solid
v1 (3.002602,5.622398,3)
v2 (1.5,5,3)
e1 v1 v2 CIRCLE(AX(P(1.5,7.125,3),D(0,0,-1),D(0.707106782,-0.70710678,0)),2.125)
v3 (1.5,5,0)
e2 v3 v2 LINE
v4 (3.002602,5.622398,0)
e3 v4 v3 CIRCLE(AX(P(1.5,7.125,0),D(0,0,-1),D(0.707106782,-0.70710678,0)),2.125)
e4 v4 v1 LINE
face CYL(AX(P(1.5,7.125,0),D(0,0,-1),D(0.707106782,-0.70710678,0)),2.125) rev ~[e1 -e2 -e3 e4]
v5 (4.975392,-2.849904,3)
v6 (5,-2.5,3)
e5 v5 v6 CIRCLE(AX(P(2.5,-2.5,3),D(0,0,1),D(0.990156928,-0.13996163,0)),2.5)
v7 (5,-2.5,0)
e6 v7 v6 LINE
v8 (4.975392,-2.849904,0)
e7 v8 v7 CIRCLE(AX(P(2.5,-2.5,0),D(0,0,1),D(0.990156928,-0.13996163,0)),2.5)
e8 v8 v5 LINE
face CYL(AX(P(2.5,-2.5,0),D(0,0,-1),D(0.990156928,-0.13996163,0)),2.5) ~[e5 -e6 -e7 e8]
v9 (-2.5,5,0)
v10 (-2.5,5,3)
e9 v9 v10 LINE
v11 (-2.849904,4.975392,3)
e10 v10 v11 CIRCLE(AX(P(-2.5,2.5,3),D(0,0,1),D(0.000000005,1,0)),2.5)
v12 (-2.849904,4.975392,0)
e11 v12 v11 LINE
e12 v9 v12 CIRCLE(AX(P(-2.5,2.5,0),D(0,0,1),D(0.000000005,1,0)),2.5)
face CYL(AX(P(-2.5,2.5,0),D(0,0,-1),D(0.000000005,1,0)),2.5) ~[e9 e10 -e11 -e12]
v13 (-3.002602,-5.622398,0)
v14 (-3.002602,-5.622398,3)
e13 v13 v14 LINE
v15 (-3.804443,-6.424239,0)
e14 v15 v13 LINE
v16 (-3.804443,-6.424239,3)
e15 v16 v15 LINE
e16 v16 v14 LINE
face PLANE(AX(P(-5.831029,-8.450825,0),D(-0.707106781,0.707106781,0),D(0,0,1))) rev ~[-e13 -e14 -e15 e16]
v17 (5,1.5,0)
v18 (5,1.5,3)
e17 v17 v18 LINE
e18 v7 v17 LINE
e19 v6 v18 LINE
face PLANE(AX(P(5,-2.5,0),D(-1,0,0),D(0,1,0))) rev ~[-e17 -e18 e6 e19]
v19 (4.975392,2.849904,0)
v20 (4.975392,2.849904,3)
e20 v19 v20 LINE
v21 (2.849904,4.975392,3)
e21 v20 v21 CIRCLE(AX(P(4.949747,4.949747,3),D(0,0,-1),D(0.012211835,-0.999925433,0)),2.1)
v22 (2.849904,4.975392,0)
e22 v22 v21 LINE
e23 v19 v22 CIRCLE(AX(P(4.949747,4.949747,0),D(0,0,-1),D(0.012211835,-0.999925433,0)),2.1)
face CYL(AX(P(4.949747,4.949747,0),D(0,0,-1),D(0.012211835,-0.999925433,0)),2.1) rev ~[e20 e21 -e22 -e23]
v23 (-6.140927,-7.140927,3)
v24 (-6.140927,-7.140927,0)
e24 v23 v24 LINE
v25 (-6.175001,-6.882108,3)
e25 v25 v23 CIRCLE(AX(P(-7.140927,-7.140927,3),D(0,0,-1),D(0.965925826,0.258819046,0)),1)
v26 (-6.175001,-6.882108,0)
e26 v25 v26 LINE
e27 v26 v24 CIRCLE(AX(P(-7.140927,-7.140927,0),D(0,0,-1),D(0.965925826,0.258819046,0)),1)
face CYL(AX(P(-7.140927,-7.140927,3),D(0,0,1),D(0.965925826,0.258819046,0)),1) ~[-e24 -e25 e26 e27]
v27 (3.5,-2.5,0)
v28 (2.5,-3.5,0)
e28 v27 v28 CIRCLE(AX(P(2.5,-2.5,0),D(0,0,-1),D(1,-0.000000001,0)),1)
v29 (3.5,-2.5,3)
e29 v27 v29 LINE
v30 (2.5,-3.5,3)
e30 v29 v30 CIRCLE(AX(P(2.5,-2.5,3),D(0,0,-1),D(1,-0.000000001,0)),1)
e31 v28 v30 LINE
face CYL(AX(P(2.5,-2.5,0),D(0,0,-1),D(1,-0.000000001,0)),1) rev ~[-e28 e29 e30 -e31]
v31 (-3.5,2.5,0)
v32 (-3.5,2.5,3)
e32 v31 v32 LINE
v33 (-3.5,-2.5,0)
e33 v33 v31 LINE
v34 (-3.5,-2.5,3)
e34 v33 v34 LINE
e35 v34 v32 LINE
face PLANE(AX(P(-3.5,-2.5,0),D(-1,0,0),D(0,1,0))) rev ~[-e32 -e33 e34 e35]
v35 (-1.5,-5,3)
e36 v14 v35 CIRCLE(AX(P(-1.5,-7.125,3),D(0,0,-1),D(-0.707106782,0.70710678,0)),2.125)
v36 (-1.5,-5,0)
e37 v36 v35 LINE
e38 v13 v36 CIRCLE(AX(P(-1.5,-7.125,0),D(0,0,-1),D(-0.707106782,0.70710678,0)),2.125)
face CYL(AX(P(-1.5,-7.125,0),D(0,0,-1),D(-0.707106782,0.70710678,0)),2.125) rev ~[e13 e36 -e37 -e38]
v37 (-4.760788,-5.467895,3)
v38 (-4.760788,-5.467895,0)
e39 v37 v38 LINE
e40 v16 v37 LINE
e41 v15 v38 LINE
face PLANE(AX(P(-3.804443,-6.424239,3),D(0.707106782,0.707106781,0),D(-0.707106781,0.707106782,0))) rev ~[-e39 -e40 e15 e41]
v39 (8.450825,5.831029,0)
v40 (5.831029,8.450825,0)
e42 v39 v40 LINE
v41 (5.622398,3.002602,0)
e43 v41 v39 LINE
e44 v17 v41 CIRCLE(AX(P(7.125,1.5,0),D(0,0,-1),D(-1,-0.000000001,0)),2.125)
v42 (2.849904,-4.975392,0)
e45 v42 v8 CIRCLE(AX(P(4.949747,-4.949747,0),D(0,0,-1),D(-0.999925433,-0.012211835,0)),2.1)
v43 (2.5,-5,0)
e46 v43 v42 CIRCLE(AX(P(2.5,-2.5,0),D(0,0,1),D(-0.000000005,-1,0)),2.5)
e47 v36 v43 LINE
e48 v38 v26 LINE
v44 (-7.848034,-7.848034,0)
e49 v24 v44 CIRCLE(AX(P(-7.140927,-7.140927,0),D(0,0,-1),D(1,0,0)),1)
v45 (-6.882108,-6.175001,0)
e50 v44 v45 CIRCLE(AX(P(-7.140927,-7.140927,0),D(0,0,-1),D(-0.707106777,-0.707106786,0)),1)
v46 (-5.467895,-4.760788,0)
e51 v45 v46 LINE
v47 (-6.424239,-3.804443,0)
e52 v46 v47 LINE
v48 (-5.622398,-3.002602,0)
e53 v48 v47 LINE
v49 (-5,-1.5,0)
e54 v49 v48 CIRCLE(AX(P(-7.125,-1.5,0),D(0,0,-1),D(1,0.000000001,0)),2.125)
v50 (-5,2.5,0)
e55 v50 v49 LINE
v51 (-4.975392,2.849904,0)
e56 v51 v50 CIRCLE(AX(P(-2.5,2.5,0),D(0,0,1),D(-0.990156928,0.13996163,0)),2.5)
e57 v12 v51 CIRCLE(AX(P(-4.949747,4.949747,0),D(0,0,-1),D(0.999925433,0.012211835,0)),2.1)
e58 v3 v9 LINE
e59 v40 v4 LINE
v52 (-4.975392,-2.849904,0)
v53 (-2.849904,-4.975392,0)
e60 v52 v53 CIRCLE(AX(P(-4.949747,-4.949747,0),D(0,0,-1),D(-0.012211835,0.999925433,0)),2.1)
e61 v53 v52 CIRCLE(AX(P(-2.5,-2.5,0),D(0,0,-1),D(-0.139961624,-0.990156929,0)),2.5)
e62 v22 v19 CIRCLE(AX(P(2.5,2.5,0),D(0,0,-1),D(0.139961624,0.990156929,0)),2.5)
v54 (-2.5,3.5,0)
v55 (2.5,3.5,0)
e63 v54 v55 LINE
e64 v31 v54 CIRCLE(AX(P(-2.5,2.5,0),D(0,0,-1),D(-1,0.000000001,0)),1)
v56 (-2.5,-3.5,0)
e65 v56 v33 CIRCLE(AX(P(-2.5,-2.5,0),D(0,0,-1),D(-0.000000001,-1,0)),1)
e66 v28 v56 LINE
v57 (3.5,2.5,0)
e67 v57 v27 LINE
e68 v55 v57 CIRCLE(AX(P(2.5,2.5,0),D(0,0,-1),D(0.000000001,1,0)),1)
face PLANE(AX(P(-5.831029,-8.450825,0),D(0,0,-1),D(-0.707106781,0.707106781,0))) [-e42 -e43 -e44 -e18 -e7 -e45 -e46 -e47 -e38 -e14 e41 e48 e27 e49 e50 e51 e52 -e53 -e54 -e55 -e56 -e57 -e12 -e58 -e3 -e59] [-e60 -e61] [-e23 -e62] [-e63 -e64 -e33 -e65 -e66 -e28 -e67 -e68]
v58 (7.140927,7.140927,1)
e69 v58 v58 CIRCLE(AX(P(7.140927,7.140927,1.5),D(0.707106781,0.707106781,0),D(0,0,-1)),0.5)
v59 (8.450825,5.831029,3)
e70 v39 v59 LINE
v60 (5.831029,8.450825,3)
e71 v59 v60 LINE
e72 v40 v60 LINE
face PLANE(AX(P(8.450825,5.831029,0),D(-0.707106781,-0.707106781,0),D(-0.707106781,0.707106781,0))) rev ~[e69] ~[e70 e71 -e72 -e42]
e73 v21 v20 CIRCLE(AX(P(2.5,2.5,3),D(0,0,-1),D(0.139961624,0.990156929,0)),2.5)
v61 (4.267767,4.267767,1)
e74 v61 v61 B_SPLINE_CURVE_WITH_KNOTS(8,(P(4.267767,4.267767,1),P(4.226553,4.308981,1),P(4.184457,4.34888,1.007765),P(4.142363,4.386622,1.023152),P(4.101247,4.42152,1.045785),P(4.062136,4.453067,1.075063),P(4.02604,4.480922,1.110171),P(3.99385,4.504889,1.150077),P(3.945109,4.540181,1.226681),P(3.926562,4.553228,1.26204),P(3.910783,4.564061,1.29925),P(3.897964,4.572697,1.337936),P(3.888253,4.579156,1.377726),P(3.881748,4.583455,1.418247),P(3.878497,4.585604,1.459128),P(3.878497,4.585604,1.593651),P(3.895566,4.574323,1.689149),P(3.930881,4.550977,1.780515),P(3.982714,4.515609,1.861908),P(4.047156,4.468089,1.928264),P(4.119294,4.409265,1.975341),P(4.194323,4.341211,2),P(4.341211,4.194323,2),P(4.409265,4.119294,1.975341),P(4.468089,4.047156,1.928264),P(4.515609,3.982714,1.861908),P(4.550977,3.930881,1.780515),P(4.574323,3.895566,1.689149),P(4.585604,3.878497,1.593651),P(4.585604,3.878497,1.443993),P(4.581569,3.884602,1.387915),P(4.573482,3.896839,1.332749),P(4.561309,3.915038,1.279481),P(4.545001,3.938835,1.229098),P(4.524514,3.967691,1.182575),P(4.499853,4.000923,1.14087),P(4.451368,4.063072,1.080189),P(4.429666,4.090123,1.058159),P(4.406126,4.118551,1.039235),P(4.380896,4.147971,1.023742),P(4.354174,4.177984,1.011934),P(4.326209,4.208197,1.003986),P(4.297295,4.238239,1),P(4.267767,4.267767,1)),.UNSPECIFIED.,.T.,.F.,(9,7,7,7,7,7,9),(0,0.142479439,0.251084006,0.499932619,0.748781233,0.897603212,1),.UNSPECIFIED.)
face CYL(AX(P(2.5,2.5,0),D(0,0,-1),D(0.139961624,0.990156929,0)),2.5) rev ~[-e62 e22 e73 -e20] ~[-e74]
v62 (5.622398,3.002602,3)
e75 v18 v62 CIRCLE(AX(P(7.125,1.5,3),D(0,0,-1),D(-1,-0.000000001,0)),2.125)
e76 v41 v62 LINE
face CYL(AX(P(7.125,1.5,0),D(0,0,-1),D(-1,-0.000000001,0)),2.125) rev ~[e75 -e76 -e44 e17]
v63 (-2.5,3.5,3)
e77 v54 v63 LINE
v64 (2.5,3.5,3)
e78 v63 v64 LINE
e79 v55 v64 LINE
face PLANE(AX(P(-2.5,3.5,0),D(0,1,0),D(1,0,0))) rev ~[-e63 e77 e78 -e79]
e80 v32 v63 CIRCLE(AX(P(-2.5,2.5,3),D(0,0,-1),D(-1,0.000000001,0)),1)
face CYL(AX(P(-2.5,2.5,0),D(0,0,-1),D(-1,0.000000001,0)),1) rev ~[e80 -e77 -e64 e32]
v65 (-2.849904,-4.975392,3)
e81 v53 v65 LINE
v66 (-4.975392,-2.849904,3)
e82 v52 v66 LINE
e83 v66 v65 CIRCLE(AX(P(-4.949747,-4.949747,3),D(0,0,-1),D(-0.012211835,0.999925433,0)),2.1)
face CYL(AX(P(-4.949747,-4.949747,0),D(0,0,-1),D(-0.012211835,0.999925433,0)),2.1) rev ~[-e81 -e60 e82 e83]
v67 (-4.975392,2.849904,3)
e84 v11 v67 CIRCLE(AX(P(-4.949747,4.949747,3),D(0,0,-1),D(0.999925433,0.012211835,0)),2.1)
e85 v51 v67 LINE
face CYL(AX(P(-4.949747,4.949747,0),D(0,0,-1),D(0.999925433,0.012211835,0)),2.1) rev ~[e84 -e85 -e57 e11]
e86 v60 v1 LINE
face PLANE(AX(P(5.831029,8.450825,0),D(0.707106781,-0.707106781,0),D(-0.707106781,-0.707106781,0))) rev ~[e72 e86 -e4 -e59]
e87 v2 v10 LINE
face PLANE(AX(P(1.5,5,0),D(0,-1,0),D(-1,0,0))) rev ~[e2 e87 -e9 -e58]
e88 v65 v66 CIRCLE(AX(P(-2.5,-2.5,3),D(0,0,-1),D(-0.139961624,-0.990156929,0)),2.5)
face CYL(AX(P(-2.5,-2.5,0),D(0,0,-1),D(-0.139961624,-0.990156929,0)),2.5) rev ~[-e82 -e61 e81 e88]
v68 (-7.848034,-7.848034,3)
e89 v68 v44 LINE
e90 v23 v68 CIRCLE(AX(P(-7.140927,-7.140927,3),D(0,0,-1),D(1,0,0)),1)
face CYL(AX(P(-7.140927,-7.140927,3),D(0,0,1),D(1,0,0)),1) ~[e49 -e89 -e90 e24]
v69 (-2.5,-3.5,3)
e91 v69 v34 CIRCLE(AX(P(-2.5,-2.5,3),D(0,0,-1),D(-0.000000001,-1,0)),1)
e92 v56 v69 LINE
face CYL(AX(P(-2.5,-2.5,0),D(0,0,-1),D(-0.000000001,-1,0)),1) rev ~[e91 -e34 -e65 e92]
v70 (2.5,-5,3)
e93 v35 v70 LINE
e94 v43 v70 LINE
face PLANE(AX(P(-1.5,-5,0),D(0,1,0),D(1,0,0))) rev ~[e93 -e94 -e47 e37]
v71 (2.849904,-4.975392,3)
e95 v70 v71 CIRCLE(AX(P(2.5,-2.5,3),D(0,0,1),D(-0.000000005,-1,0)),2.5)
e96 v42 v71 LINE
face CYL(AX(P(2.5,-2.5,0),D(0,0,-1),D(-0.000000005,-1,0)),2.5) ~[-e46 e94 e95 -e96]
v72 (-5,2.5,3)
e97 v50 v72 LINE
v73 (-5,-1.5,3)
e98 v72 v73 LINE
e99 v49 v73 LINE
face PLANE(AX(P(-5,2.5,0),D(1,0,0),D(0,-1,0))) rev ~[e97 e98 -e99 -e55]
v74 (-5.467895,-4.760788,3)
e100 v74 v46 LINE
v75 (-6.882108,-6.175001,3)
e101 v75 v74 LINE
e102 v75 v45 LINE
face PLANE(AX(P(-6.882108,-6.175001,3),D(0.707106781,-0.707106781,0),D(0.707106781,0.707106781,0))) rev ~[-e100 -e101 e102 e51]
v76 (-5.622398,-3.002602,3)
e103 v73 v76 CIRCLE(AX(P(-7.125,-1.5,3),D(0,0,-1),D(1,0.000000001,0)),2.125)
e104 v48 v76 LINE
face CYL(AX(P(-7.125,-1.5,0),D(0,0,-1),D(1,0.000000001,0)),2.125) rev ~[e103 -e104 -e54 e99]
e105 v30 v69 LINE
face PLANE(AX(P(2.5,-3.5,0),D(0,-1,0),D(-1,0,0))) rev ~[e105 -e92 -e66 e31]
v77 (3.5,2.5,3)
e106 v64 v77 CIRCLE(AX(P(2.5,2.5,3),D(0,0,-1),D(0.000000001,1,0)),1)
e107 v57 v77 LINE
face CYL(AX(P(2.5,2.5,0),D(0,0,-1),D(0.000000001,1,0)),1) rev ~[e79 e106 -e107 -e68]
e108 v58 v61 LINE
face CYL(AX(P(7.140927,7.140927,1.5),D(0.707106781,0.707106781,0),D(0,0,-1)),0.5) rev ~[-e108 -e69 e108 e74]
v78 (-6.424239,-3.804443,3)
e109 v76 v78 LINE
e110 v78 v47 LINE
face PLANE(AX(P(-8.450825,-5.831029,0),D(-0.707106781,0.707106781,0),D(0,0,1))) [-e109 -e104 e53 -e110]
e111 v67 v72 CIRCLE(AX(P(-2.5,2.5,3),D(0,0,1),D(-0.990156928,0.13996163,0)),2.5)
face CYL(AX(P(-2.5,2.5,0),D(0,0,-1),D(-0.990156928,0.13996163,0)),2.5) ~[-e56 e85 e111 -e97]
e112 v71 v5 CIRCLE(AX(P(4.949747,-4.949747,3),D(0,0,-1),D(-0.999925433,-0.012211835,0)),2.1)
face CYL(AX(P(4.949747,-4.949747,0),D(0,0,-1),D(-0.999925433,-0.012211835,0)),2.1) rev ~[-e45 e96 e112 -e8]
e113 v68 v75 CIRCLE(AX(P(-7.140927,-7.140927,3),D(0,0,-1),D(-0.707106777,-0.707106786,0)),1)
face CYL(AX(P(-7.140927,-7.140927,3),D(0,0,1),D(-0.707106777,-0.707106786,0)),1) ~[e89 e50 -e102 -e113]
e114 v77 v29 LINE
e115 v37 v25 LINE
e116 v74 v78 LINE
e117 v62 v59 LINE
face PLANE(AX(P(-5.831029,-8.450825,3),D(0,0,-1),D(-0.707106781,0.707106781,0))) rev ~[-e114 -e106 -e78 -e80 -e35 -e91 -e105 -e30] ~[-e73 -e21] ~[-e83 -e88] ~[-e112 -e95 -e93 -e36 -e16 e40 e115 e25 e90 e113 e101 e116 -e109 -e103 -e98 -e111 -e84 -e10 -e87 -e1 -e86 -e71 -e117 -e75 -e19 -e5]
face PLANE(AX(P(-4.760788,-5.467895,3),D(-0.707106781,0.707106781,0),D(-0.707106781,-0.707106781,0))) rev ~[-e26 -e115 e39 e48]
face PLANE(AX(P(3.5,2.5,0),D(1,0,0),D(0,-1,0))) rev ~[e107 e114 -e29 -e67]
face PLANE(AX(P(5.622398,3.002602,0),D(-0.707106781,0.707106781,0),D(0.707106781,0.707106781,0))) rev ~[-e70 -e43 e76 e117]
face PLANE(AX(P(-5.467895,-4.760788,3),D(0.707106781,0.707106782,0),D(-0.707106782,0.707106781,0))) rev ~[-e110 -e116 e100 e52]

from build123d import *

# Parameters (mm, degrees)
EXTRUDE_1_DEPTH     = 3
SKETCH_4_W          = 3
SKETCH_4_H          = 3.704951288
EXTRUDE_3_DEPTH     = 1
CUT_EXTRUDE_2_REACH = 25.05
SKETCH_6_R          = 0.5
CUT_EXTRUDE_1_DEPTH = 3


with BuildPart() as part:
    # 草图1 → 凸台-拉伸1 (new body)
    with BuildSketch(Plane.XY):
        with BuildLine():
            ThreePointArc((-4.975392322, 2.84990406), (-4.993840493, 2.675384142), (-5, 2.5))
            Line((-5, 2.5), (-5, -1.5))
            Line((-5, -1.5), (-5, -2.5))
            ThreePointArc((-5, -2.5), (-4.993840493, -2.675384142), (-4.975392322, -2.84990406))
            ThreePointArc((-4.975392322, -2.84990406), (-3.464823228, -3.464823228), (-2.84990406, -4.975392322))
            ThreePointArc((-2.84990406, -4.975392322), (-2.675384142, -4.993840493), (-2.5, -5))
            Line((-2.5, -5), (-1.5, -5))
            Line((-1.5, -5), (2.5, -5))
            ThreePointArc((2.5, -5), (2.675384142, -4.993840493), (2.84990406, -4.975392322))
            ThreePointArc((2.84990406, -4.975392322), (3.464823228, -3.464823228), (4.975392322, -2.84990406))
            ThreePointArc((4.975392322, -2.84990406), (4.993840493, -2.675384142), (5, -2.5))
            Line((5, -2.5), (5, 1.5))
            Line((5, 1.5), (5, 2.5))
            ThreePointArc((5, 2.5), (4.993840493, 2.675384142), (4.975392322, 2.84990406))
            ThreePointArc((4.975392322, 2.84990406), (3.464823228, 3.464823228), (2.84990406, 4.975392322))
            ThreePointArc((2.84990406, 4.975392322), (2.675384142, 4.993840493), (2.5, 5))
            Line((2.5, 5), (1.5, 5))
            Line((1.5, 5), (-2.5, 5))
            ThreePointArc((-2.5, 5), (-2.675384142, 4.993840493), (-2.84990406, 4.975392322))
            ThreePointArc((-2.84990406, 4.975392322), (-3.464823228, 3.464823228), (-4.975392322, 2.84990406))
        make_face()
        with BuildLine():
            ThreePointArc((-3.5, 2.5), (-3.207106781, 3.207106781), (-2.5, 3.5))
            Line((-2.5, 3.5), (2.5, 3.5))
            ThreePointArc((2.5, 3.5), (3.207106781, 3.207106781), (3.5, 2.5))
            Line((3.5, 2.5), (3.5, -2.5))
            ThreePointArc((3.5, -2.5), (3.207106781, -3.207106781), (2.5, -3.5))
            Line((2.5, -3.5), (-2.5, -3.5))
            ThreePointArc((-2.5, -3.5), (-3.207106781, -3.207106781), (-3.5, -2.5))
            Line((-3.5, -2.5), (-3.5, 2.5))
        make_face(mode=Mode.SUBTRACT)
        with BuildLine():
            Line((-5, -2.5), (-5, -1.5))
            ThreePointArc((-5, -1.5), (-5.161755993, -2.313202294), (-5.62239809, -3.00260191))
            Line((-5.62239809, -3.00260191), (-8.450825215, -5.831029035))
            Line((-8.450825215, -5.831029035), (-5.831029035, -8.450825215))
            Line((-5.831029035, -8.450825215), (-3.00260191, -5.62239809))
            ThreePointArc((-3.00260191, -5.62239809), (-2.313202294, -5.161755993), (-1.5, -5))
            Line((-1.5, -5), (-2.5, -5))
            ThreePointArc((-2.5, -5), (-2.675384142, -4.993840493), (-2.84990406, -4.975392322))
            ThreePointArc((-2.84990406, -4.975392322), (-4.267766953, -4.267766953), (-4.975392322, -2.84990406))
            ThreePointArc((-4.975392322, -2.84990406), (-4.993840493, -2.675384142), (-5, -2.5))
        make_face()
        with BuildLine():
            ThreePointArc((3.00260191, 5.62239809), (2.313202294, 5.161755993), (1.5, 5))
            Line((1.5, 5), (2.5, 5))
            ThreePointArc((2.5, 5), (2.675384142, 4.993840493), (2.84990406, 4.975392322))
            ThreePointArc((2.84990406, 4.975392322), (4.267766953, 4.267766953), (4.975392322, 2.84990406))
            ThreePointArc((4.975392322, 2.84990406), (4.993840493, 2.675384142), (5, 2.5))
            Line((5, 2.5), (5, 1.5))
            ThreePointArc((5, 1.5), (5.161755993, 2.313202294), (5.62239809, 3.00260191))
            Line((5.62239809, 3.00260191), (8.450825215, 5.831029035))
            Line((8.450825215, 5.831029035), (5.831029035, 8.450825215))
            Line((5.831029035, 8.450825215), (3.00260191, 5.62239809))
        make_face()
    extrude(amount=EXTRUDE_1_DEPTH)

    # 草图4 → 凸台-拉伸3 (add)
    with BuildSketch(Plane(origin=(-7.140927125, -7.140927125, 0), x_dir=(0, 0, 1), z_dir=(-0.707106781, -0.707106781, 0))):
        with Locations((1.5, 0)):
            Rectangle(SKETCH_4_W, SKETCH_4_H)
    extrude(amount=EXTRUDE_3_DEPTH)

    # 草图6 → 切除-拉伸2 (cut, up to next)
    with BuildSketch(Plane(origin=(7.140927125, 7.140927125, 0), x_dir=(0, 0, -1), z_dir=(0.707106781, 0.707106781, 0)), mode=Mode.PRIVATE) as cut_extrude_2_sk1:
        with Locations((-1.5, 0)):
            Circle(SKETCH_6_R)
    cut_extrude_2_tool1 = extrude(cut_extrude_2_sk1.sketch, amount=-CUT_EXTRUDE_2_REACH, mode=Mode.PRIVATE) & part.part
    add(cut_extrude_2_tool1.solids().sort_by_distance((7.140927, 7.140927, 1.5))[0], mode=Mode.SUBTRACT)

    # 草图5 → 切除-拉伸1 (cut)
    with BuildSketch(Plane.XY.offset(3)):
        with BuildLine():
            Line((-6.88210808, -6.175001298), (-5.467894517, -4.760787736))
            Line((-5.467894517, -4.760787736), (-6.424239217, -3.804443037))
            Line((-6.424239217, -3.804443037), (-9.157931996, -6.538135816))
            Line((-9.157931996, -6.538135816), (-7.848033901, -7.848033911))
            ThreePointArc((-7.848033901, -7.848033911), (-8.00695253, -6.640927128), (-6.88210808, -6.175001298))
        make_face()
        with BuildLine():
            Line((-3.804443037, -6.424239217), (-4.760787736, -5.467894517))
            Line((-4.760787736, -5.467894517), (-6.175001298, -6.88210808))
            ThreePointArc((-6.175001298, -6.88210808), (-6.149482263, -7.010400933), (-6.140927125, -7.140927125))
            ThreePointArc((-6.140927125, -7.140927125), (-6.758243689, -8.064806656), (-7.848033901, -7.848033911))
            Line((-7.848033901, -7.848033911), (-6.538135816, -9.157931996))
            Line((-6.538135816, -9.157931996), (-3.804443037, -6.424239217))
        make_face()
    extrude(amount=-CUT_EXTRUDE_1_DEPTH, mode=Mode.SUBTRACT)


solid = part.part
